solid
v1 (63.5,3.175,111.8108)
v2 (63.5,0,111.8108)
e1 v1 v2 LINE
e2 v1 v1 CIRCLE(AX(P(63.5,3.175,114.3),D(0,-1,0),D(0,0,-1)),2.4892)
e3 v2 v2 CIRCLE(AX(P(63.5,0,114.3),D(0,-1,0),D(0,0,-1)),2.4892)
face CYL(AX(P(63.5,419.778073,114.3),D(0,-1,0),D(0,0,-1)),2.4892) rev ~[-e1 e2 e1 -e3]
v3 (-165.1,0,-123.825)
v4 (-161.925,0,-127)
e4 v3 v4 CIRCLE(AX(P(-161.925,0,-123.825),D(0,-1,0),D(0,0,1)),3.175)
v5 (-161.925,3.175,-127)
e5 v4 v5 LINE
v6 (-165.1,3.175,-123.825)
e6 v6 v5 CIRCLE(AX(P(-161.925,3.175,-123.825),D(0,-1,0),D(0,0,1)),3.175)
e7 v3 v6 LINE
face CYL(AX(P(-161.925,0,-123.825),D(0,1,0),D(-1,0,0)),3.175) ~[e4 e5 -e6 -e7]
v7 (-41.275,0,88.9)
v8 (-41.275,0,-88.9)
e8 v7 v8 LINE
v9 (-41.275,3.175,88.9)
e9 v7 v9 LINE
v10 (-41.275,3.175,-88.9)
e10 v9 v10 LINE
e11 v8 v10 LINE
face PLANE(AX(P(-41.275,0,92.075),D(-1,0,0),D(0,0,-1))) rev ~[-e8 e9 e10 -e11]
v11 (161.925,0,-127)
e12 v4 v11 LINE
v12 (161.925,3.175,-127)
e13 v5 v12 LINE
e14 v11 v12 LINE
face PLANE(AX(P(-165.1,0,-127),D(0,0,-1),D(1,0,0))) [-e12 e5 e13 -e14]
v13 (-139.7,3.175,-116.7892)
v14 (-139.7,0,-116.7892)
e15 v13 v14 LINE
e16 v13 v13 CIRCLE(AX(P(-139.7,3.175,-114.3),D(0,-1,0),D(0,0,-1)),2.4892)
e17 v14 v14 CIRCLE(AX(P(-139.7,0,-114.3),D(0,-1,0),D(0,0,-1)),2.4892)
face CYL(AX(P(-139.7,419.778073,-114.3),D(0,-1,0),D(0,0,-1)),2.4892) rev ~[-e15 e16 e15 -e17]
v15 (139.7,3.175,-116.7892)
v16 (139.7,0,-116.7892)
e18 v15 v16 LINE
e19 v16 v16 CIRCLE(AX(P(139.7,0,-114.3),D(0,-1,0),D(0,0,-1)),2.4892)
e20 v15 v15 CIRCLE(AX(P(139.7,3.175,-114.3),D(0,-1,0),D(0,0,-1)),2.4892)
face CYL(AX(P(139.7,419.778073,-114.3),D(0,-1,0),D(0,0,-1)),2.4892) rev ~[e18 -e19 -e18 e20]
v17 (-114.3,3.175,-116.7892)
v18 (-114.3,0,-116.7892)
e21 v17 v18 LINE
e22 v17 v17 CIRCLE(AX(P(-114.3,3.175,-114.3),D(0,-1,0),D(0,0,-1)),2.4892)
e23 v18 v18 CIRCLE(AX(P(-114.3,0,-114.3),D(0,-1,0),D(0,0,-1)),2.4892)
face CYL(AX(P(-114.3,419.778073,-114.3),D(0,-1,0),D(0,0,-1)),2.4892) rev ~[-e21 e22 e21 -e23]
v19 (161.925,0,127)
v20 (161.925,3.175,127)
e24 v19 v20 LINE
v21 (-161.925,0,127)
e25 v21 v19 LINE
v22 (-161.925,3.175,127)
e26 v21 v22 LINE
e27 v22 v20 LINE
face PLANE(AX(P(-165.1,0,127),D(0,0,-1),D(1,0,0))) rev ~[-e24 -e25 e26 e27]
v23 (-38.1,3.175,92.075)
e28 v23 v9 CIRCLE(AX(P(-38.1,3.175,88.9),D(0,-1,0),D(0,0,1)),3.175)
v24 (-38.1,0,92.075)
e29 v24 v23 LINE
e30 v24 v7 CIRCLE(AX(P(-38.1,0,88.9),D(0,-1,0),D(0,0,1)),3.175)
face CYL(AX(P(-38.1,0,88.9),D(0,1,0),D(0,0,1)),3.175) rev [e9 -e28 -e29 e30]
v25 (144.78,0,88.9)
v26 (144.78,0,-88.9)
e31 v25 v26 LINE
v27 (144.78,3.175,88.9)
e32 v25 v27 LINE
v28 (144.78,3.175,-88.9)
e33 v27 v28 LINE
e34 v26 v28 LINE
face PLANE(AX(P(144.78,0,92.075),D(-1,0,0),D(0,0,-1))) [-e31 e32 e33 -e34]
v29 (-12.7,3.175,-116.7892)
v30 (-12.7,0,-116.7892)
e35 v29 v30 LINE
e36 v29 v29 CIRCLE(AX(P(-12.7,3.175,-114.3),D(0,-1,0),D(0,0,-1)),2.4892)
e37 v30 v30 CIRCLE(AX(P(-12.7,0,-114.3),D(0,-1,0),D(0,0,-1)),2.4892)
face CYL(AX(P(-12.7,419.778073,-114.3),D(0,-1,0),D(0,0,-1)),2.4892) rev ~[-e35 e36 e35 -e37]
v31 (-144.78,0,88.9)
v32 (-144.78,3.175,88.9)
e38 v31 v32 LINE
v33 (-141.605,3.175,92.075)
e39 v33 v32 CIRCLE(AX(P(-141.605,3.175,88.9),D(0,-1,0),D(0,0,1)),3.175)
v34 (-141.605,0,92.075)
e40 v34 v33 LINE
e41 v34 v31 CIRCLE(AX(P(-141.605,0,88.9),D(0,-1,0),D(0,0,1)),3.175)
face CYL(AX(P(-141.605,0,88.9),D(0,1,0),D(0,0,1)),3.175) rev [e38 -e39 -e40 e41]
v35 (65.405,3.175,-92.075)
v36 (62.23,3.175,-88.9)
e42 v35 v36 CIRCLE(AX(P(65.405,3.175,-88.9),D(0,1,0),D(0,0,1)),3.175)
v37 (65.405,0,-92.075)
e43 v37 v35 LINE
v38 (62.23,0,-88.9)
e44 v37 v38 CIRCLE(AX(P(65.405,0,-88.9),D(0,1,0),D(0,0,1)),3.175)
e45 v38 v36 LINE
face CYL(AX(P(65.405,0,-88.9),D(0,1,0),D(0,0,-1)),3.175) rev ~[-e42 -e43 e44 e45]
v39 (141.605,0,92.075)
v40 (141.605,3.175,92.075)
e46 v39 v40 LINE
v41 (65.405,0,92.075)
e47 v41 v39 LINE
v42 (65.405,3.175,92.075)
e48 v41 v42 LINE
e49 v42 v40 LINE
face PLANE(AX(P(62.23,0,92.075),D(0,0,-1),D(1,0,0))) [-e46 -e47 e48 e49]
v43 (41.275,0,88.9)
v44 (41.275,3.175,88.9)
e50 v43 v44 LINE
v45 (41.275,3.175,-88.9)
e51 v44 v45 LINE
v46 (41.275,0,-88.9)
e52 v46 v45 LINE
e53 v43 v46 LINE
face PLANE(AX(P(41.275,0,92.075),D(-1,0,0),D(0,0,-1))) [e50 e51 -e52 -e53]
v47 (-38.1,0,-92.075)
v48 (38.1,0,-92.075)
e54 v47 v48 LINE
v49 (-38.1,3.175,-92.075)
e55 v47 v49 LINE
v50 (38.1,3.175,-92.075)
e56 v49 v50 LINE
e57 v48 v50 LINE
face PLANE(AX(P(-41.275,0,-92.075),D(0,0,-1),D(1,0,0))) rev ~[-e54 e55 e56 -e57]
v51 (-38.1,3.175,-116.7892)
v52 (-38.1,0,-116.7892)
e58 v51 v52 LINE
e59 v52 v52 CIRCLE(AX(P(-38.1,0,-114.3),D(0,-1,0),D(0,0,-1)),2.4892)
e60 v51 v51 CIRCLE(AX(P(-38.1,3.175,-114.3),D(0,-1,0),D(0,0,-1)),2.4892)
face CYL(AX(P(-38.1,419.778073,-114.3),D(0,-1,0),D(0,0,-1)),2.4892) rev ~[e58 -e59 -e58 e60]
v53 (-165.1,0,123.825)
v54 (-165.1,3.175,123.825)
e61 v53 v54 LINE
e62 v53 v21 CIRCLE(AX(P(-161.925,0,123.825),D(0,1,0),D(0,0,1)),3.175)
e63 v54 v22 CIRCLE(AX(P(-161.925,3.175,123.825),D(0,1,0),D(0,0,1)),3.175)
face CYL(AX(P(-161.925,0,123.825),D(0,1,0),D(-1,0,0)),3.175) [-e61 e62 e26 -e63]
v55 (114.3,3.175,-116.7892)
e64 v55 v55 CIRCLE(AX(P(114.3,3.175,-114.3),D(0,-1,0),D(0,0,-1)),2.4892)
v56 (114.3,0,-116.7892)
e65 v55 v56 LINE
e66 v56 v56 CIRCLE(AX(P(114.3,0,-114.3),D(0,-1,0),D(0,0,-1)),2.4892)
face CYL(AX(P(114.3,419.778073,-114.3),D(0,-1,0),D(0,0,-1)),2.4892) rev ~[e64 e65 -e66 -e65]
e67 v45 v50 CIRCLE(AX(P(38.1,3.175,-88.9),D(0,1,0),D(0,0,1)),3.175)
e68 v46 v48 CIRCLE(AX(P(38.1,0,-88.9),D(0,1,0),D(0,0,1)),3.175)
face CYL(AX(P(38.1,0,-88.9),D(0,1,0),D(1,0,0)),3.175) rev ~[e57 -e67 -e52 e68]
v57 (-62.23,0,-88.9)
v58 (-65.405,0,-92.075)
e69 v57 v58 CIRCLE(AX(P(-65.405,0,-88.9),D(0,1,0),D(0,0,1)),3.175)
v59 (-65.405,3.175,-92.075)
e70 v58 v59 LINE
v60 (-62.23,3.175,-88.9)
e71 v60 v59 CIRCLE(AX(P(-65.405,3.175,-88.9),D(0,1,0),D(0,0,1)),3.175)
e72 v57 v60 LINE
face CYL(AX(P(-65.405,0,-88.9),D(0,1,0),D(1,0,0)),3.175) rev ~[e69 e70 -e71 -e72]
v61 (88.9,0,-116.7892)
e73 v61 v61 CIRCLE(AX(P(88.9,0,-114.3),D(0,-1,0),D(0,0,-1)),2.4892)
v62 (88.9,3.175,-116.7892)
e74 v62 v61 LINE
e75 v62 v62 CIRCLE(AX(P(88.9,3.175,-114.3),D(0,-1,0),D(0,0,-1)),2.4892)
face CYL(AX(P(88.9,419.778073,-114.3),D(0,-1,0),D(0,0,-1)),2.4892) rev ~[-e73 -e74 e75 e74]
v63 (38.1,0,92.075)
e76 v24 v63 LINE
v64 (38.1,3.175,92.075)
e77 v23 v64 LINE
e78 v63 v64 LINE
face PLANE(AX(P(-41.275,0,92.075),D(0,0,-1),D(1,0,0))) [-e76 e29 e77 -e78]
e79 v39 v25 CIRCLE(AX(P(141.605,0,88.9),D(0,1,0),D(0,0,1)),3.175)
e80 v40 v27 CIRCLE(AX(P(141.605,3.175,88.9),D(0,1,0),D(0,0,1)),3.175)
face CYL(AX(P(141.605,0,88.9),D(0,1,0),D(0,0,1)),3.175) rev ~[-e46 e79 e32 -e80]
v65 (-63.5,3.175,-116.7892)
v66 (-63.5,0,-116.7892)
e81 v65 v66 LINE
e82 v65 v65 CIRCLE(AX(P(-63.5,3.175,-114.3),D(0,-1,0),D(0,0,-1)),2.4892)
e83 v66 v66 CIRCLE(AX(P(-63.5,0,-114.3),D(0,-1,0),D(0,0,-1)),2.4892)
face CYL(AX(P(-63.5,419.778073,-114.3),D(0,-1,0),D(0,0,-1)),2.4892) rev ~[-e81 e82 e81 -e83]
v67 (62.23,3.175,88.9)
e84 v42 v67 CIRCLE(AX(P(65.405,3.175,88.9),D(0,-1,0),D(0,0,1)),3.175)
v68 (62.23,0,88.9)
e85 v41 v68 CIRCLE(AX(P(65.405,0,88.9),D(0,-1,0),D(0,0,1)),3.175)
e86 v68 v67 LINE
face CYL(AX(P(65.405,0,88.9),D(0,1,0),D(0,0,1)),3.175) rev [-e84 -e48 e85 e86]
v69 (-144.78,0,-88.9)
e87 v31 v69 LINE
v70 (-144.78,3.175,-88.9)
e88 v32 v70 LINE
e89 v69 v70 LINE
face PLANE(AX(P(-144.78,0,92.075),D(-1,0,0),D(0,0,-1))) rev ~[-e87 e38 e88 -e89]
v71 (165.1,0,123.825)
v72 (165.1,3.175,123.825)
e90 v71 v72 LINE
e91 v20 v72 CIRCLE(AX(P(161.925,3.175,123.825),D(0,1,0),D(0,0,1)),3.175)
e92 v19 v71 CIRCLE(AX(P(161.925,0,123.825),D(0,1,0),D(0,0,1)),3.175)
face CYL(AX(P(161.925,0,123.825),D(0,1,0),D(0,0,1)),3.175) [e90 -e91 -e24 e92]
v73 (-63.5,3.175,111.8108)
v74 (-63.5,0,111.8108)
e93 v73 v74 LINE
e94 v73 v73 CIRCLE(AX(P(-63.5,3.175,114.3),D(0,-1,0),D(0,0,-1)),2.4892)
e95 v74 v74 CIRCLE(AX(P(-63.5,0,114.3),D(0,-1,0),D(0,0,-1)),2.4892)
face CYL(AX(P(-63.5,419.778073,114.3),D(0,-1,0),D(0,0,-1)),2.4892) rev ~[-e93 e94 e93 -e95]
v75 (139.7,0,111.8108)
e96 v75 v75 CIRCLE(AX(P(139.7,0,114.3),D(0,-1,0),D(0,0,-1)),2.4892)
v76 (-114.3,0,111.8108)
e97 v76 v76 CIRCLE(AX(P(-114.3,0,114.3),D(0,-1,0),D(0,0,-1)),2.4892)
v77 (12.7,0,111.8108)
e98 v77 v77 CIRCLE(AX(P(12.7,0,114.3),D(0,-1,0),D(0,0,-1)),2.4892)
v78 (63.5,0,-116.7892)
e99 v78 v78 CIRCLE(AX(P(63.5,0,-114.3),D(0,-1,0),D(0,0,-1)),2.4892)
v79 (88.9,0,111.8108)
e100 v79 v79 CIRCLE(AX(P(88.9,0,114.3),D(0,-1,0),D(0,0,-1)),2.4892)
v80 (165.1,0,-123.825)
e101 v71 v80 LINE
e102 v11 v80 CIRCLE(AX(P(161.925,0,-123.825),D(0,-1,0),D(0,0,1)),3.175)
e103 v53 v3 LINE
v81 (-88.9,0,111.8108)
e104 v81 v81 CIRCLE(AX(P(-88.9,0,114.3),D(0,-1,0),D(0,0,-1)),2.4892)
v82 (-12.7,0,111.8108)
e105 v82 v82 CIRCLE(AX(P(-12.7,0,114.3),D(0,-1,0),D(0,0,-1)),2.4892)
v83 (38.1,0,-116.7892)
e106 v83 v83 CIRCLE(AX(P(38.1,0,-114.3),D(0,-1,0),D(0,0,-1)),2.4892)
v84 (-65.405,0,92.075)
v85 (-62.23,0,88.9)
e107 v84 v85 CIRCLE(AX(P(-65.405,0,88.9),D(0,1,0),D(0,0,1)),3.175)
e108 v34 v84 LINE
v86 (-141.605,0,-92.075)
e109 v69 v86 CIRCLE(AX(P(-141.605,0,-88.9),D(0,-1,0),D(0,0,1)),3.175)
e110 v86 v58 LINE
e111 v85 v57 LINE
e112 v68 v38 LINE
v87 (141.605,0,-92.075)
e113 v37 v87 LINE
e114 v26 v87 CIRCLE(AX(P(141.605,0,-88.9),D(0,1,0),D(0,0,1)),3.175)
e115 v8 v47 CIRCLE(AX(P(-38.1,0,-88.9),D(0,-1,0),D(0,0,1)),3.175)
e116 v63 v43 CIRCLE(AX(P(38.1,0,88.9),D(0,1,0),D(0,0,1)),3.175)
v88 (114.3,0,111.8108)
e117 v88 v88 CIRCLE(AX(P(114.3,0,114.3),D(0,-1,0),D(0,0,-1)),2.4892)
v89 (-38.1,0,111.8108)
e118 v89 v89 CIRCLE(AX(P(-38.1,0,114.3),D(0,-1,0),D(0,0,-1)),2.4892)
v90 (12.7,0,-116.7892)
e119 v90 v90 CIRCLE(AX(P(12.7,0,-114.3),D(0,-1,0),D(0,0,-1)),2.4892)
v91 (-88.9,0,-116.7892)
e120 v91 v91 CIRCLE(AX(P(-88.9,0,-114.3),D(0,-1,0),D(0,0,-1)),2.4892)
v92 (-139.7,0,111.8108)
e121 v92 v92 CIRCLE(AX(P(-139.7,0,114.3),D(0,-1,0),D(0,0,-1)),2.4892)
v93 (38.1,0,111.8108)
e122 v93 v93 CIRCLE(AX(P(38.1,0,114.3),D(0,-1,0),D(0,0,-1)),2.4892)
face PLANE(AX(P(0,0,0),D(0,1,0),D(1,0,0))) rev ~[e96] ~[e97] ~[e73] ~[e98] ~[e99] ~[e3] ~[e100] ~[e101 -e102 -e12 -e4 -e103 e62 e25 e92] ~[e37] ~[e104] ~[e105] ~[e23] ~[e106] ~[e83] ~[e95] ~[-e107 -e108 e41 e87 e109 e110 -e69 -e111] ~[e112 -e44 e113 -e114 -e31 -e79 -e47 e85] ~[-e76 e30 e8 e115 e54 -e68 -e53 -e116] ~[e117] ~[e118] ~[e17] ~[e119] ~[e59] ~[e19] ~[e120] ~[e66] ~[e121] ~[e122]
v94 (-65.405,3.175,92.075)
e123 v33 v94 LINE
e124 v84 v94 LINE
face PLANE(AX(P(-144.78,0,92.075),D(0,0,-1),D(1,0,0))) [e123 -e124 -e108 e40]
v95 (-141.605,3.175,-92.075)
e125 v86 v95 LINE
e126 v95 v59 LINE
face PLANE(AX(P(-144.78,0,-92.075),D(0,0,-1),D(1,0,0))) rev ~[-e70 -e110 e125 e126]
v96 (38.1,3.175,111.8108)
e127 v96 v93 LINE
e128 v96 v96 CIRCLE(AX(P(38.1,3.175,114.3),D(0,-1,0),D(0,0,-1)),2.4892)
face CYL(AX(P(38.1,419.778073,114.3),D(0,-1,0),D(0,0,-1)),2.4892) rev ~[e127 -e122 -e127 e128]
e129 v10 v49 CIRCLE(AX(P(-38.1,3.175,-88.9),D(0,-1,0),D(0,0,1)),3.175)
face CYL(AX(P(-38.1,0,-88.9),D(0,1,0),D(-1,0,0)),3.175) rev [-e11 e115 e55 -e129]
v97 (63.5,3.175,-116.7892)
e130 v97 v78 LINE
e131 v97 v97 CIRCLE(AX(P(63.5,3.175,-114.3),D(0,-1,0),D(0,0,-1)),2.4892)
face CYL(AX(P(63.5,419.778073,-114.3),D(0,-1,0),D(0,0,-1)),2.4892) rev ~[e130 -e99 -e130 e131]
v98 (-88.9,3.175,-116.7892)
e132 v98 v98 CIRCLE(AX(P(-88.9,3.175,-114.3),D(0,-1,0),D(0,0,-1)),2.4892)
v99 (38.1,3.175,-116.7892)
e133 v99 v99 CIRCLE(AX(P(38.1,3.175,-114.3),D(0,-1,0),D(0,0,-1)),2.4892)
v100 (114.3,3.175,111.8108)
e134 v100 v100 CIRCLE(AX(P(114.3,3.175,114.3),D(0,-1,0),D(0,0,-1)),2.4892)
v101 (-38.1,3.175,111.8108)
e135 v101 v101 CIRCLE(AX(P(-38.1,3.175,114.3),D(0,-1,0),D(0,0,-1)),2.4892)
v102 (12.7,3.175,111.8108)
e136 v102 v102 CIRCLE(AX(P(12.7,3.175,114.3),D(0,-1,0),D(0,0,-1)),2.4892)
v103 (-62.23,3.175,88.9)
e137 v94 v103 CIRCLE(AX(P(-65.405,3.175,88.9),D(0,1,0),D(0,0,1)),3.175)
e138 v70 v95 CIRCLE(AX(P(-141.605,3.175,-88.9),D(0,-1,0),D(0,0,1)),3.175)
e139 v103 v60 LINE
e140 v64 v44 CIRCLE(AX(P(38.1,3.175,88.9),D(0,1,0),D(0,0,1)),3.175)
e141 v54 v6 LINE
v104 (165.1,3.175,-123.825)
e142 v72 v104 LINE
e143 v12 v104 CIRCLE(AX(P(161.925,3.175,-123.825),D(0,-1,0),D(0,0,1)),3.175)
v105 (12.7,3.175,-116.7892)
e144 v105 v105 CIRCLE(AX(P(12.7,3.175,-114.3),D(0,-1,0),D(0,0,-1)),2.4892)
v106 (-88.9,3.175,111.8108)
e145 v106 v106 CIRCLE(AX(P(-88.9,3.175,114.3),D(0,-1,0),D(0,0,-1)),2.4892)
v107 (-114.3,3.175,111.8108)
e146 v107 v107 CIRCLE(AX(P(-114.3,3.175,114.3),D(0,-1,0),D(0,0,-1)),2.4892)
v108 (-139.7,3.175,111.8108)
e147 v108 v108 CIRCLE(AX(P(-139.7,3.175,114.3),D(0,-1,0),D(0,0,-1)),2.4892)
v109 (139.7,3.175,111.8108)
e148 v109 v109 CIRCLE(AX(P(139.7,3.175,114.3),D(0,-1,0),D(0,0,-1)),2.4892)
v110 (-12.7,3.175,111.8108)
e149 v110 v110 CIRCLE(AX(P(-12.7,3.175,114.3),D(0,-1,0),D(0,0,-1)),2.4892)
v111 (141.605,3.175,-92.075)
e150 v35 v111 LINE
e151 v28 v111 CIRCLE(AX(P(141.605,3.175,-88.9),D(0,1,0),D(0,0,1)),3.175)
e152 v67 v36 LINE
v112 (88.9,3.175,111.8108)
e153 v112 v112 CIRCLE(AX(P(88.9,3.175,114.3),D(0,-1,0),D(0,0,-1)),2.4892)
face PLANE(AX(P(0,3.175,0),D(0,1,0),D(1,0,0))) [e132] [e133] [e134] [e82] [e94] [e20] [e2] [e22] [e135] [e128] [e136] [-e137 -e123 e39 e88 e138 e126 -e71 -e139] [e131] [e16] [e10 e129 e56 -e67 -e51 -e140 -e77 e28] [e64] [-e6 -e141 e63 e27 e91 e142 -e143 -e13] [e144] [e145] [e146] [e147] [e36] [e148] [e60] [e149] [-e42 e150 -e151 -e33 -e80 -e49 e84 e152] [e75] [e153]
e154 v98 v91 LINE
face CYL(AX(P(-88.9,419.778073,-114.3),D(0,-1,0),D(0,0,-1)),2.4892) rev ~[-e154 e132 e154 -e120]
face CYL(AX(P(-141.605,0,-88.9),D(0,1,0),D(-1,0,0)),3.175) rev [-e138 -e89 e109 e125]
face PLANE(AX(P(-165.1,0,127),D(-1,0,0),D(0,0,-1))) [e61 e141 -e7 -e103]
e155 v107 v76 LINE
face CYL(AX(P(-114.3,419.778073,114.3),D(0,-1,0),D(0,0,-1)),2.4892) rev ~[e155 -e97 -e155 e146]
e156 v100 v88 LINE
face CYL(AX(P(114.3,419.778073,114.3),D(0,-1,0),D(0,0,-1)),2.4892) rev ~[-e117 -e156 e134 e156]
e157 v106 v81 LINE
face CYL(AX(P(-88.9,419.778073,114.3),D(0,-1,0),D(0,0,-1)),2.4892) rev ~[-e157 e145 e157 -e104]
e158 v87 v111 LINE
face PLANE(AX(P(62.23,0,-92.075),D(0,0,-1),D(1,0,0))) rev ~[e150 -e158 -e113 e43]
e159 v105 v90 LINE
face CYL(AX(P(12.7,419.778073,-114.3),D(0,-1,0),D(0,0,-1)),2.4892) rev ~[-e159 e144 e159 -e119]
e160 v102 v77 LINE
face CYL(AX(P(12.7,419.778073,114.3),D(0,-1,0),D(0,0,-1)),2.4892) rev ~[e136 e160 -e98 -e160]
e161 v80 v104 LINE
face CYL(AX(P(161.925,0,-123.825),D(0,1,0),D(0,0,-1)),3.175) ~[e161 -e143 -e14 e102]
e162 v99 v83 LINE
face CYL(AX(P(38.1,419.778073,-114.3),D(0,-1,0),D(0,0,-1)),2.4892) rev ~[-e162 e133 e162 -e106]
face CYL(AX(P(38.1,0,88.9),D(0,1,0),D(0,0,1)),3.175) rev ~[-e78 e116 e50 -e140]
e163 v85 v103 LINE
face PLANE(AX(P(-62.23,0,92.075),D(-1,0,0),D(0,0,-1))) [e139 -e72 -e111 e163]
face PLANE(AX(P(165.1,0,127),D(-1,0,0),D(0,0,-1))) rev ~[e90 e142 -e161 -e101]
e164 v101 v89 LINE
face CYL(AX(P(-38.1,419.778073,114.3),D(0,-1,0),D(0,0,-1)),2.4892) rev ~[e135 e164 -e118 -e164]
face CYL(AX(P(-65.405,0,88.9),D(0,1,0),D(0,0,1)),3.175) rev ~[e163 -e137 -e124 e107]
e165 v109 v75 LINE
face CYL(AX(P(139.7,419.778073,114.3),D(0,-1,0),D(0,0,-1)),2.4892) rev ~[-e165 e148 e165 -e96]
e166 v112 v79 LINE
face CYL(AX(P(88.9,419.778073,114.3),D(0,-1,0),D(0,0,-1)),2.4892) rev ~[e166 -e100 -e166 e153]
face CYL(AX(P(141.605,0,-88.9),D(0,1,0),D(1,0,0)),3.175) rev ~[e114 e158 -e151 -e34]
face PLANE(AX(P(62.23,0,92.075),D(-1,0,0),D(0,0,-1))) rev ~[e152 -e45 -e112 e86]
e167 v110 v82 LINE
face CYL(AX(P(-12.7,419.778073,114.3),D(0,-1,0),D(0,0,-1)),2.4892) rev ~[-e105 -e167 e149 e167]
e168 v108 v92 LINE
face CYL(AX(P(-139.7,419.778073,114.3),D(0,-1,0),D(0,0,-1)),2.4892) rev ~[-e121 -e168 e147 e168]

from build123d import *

# Parameters (mm, degrees)
SKETCH1_W                  = 330.2
SKETCH1_H                  = 254
SKETCH1_W_2                = 82.55
SKETCH1_H_2                = 184.15
BOSS_EXTRUDE1_DEPTH        = 3.175
FILLET1_R                  = 3.175
F_9_0_196_DIAMETER_HOLE1_D = 4.9784
LPATTERN1_COUNT            = 12
LPATTERN1_PITCH            = 25.4


with BuildPart() as part:
    # Sketch1 → Boss-Extrude1 (new body)
    with BuildSketch(Plane(origin=(0, 0, 0), x_dir=(1, 0, 0), z_dir=(0, 1, 0))):
        Rectangle(SKETCH1_W, SKETCH1_H)
        with Locations((-103.505, 0)):
            Rectangle(SKETCH1_W_2, SKETCH1_H_2, mode=Mode.SUBTRACT)
        Rectangle(SKETCH1_W_2, SKETCH1_H_2, mode=Mode.SUBTRACT)
        with Locations((103.505, 0)):
            Rectangle(SKETCH1_W_2, SKETCH1_H_2, mode=Mode.SUBTRACT)
    extrude(amount=BOSS_EXTRUDE1_DEPTH)

    # Fillet1
    fillet1_edges = [part.edges().sort_by_distance(p)[0] for p in [
        (-144.78, 1.5875, -92.075),
        (-144.78, 1.5875, 92.075),
        (-62.23, 1.5875, 92.075),
        (-62.23, 1.5875, -92.075),
        (-41.275, 1.5875, -92.075),
        (-41.275, 1.5875, 92.075),
        (41.275, 1.5875, 92.075),
        (41.275, 1.5875, -92.075),
        (62.23, 1.5875, -92.075),
        (62.23, 1.5875, 92.075),
        (144.78, 1.5875, 92.075),
        (144.78, 1.5875, -92.075),
        (-165.1, 1.5875, -127),
        (165.1, 1.5875, -127),
        (165.1, 1.5875, 127),
        (-165.1, 1.5875, 127),
    ]]
    fillet(fillet1_edges, radius=FILLET1_R)

    # #9 (0.196) Diameter Hole1 (through all)
    with Locations(Plane(origin=(-139.7, 3.175, 114.3), x_dir=(0, 0, 1), z_dir=(0, 1, 0))):
        with Locations((0, 0), (-228.6, 0)):
            f_9_0_196_diameter_hole1 = Hole(F_9_0_196_DIAMETER_HOLE1_D / 2)

    # LPattern1: #9 (0.196) Diameter Hole1 ×12
    with Locations(*[(i * LPATTERN1_PITCH, 0, 0) for i in range(1, LPATTERN1_COUNT)]):
        add(f_9_0_196_diameter_hole1, mode=Mode.SUBTRACT)


solid = part.part
